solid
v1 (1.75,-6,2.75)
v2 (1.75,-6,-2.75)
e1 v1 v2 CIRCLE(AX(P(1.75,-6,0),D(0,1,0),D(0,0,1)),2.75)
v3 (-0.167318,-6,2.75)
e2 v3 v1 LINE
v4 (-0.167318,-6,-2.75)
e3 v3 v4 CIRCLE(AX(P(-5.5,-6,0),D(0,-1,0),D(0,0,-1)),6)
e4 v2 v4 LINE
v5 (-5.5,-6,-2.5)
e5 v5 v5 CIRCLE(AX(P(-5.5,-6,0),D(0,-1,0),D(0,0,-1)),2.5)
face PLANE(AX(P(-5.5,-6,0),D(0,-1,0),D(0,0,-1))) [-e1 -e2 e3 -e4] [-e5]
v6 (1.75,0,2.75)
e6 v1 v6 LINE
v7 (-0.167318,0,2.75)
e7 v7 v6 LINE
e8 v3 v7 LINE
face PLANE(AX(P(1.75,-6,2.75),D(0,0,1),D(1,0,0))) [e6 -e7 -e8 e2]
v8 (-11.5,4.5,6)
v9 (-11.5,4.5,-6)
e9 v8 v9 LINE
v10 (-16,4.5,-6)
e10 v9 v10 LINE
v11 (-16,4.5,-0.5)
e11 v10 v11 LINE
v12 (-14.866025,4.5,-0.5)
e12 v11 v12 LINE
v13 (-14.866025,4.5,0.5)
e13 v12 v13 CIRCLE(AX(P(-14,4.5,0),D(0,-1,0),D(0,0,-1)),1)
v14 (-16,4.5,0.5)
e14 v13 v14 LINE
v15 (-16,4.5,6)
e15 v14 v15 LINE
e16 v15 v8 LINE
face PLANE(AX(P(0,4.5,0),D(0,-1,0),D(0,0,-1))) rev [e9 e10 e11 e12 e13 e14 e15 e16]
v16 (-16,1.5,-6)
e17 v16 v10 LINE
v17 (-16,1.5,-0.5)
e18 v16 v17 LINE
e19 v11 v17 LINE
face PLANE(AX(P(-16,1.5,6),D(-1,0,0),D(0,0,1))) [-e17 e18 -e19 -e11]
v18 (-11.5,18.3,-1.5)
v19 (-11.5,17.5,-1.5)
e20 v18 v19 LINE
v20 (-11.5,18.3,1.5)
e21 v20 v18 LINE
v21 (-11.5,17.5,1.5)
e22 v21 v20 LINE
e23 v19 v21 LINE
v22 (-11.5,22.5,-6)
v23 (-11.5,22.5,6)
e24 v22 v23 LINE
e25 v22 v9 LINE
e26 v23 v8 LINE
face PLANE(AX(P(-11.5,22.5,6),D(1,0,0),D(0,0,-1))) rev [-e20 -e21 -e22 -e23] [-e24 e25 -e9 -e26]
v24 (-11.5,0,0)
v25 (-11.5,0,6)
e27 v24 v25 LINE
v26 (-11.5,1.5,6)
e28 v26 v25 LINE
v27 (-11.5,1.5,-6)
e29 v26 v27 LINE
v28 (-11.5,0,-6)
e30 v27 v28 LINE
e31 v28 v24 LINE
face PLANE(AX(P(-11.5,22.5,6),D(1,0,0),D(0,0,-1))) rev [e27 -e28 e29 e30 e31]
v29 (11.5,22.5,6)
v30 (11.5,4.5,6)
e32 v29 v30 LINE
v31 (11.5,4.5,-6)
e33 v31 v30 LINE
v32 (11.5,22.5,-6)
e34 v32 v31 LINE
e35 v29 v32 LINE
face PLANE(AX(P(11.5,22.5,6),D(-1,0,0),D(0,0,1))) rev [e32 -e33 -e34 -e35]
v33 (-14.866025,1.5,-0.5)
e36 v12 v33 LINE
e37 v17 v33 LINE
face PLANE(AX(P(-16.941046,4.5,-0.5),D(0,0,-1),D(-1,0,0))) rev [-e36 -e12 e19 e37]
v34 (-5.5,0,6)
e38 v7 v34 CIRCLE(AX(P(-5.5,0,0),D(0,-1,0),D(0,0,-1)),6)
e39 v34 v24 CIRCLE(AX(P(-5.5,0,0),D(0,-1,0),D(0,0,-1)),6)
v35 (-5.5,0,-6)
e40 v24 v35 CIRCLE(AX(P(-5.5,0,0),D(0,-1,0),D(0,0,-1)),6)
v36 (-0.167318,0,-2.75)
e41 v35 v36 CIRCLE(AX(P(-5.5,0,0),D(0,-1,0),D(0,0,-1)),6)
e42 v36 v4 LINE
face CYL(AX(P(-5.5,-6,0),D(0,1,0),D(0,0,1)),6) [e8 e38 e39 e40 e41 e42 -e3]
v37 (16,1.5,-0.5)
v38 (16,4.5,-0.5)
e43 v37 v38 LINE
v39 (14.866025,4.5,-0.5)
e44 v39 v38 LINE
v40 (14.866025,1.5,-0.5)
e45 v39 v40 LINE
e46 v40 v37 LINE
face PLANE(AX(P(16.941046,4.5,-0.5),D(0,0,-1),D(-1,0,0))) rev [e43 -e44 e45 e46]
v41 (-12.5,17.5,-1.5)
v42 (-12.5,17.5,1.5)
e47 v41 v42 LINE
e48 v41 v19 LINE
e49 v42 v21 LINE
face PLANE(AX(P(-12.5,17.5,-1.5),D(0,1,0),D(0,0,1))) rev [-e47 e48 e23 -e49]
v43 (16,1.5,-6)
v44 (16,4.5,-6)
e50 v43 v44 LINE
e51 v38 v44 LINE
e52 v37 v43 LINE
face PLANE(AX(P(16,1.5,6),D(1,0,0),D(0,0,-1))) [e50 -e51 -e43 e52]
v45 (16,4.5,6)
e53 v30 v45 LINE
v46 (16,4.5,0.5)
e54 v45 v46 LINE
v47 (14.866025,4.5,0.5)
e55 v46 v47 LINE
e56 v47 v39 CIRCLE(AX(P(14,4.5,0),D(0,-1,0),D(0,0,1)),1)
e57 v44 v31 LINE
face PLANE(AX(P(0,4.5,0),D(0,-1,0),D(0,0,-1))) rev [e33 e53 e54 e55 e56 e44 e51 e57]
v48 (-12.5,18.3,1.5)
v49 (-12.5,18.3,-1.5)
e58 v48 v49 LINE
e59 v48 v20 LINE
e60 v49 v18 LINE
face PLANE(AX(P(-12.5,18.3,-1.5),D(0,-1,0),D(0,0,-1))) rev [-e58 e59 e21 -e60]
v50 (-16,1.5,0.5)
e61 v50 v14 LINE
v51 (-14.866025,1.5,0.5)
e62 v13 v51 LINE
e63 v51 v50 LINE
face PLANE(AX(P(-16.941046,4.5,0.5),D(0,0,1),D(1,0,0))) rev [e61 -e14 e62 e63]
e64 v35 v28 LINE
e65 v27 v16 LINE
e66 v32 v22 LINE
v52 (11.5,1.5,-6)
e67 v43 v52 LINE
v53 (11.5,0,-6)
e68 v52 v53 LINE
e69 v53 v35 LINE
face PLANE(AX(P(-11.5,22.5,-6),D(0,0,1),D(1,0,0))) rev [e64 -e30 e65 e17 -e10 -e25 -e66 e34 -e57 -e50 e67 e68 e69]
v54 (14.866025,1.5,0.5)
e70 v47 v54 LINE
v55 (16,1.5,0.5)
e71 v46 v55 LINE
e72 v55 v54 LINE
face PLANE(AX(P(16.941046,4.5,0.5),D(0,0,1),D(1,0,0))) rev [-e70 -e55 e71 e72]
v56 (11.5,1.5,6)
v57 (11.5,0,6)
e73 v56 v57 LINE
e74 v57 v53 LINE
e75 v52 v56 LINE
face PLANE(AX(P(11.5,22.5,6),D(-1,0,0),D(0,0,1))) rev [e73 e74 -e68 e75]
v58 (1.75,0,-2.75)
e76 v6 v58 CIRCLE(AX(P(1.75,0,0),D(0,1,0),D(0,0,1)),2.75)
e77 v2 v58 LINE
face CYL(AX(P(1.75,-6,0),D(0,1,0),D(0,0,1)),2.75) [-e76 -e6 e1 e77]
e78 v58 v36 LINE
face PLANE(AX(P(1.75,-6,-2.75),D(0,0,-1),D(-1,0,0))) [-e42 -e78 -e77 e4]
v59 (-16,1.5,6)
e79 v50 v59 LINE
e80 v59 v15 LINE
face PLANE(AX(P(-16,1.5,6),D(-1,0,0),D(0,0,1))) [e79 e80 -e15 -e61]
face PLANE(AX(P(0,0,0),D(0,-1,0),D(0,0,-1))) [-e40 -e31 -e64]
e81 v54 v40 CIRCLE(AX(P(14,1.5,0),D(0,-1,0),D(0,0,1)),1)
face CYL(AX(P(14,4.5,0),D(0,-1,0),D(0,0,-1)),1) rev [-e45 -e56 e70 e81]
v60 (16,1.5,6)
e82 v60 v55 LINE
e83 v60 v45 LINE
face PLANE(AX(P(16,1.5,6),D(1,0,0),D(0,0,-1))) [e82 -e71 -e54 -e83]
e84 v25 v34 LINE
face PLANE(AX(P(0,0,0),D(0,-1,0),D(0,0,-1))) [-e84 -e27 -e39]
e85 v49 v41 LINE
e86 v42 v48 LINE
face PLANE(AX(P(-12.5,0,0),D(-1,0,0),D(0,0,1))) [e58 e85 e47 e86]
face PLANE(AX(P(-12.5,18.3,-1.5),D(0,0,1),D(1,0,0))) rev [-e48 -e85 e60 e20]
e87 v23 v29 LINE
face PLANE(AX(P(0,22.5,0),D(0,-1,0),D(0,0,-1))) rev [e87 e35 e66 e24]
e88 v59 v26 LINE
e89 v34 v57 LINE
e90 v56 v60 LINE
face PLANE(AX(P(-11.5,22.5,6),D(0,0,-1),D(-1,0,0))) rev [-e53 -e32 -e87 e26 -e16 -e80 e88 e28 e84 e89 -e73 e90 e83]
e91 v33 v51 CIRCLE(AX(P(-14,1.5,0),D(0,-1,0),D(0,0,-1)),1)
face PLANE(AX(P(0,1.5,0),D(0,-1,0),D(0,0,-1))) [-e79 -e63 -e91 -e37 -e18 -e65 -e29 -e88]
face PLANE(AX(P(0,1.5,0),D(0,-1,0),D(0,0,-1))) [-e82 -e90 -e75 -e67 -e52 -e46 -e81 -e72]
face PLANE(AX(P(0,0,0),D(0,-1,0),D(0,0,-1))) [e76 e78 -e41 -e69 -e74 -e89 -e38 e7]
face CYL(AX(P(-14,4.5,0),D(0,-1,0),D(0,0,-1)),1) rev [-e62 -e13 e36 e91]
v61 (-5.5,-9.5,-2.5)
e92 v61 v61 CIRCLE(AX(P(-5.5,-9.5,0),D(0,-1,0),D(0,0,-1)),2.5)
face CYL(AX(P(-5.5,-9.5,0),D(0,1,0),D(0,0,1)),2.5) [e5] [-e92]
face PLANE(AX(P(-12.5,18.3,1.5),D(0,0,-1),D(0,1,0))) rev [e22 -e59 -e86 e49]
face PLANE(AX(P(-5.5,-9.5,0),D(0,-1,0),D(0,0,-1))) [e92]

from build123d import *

# Parameters (mm, degrees)
SKETCH_1_W          = 23
SKETCH_1_H          = 12
EXTRUDE_1_DEPTH     = 22.5
SKETCH_3_W          = 32
SKETCH_3_H          = 12
EXTRUDE_2_DEPTH     = 3
CUT_EXTRUDE_1_DEPTH = 3
SKETCH_5_R          = 6
EXTRUDE_3_DEPTH     = 6
SKETCH_6_R          = 2.5
EXTRUDE_4_DEPTH     = 3.5
EXTRUDE_5_DEPTH     = 6
SKETCH_8_W          = 3
SKETCH_8_H          = 0.8
EXTRUDE_6_DEPTH     = 1


with BuildPart() as part:
    # 草图1 → 凸台-拉伸1 (new body)
    with BuildSketch(Plane(origin=(0, 0, 0), x_dir=(1, 0, 0), z_dir=(0, 1, 0))):
        Rectangle(SKETCH_1_W, SKETCH_1_H)
    extrude(amount=EXTRUDE_1_DEPTH)

    # 草图3 → 凸台-拉伸2 (add)
    with BuildSketch(Plane(origin=(0, 4.5, 0), x_dir=(1, 0, 0), z_dir=(0, 1, 0))):
        Rectangle(SKETCH_3_W, SKETCH_3_H)
    extrude(amount=-EXTRUDE_2_DEPTH)

    # 草图4 → 切除-拉伸1 (cut)
    with BuildSketch(Plane.XZ.offset(-1.5)):
        with BuildLine():
            Line((-16.941045567, 0.5), (-14.866025404, 0.5))
            ThreePointArc((-14.866025404, 0.5), (-13, 0), (-14.866025404, -0.5))
            Line((-14.866025404, -0.5), (-16.941045567, -0.5))
            Line((-16.941045567, -0.5), (-16.941045567, 0.5))
        make_face()
        with BuildLine():
            Line((16.941045567, 0.5), (16.941045567, -0.5))
            Line((16.941045567, -0.5), (14.866025404, -0.5))
            ThreePointArc((14.866025404, -0.5), (13, 0), (14.866025404, 0.5))
            Line((14.866025404, 0.5), (16.941045567, 0.5))
        make_face()
    extrude(amount=-CUT_EXTRUDE_1_DEPTH, mode=Mode.SUBTRACT)

    # 草图5 → 凸台-拉伸3 (add)
    with BuildSketch(Plane.XZ):
        with Locations(Location((-5.5, 0, 0), (0, 0, 270))):
            Circle(SKETCH_5_R)
    extrude(amount=EXTRUDE_3_DEPTH)

    # 草图6 → 凸台-拉伸4 (add)
    with BuildSketch(Plane.XZ.offset(6)):
        with Locations(Location((-5.5, 0, 0), (0, 0, 270))):
            Circle(SKETCH_6_R)
    extrude(amount=EXTRUDE_4_DEPTH)

    # 草图7 → 凸台-拉伸5 (add)
    with BuildSketch(Plane(origin=(0, 0, 0), x_dir=(1, 0, 0), z_dir=(0, 1, 0))):
        with BuildLine():
            Line((1.75, -2.75), (-1.67047712, -2.75))
            Line((-1.67047712, -2.75), (-1.67047712, 2.75))
            Line((-1.67047712, 2.75), (1.75, 2.75))
            ThreePointArc((1.75, 2.75), (4.5, 0), (1.75, -2.75))
        make_face()
    extrude(amount=-EXTRUDE_5_DEPTH)

    # 草图8 → 凸台-拉伸6 (add)
    with BuildSketch(Plane.ZY.offset(11.5)):
        with Locations((0, 17.9)):
            Rectangle(SKETCH_8_W, SKETCH_8_H)
    extrude(amount=EXTRUDE_6_DEPTH)


solid = part.part
